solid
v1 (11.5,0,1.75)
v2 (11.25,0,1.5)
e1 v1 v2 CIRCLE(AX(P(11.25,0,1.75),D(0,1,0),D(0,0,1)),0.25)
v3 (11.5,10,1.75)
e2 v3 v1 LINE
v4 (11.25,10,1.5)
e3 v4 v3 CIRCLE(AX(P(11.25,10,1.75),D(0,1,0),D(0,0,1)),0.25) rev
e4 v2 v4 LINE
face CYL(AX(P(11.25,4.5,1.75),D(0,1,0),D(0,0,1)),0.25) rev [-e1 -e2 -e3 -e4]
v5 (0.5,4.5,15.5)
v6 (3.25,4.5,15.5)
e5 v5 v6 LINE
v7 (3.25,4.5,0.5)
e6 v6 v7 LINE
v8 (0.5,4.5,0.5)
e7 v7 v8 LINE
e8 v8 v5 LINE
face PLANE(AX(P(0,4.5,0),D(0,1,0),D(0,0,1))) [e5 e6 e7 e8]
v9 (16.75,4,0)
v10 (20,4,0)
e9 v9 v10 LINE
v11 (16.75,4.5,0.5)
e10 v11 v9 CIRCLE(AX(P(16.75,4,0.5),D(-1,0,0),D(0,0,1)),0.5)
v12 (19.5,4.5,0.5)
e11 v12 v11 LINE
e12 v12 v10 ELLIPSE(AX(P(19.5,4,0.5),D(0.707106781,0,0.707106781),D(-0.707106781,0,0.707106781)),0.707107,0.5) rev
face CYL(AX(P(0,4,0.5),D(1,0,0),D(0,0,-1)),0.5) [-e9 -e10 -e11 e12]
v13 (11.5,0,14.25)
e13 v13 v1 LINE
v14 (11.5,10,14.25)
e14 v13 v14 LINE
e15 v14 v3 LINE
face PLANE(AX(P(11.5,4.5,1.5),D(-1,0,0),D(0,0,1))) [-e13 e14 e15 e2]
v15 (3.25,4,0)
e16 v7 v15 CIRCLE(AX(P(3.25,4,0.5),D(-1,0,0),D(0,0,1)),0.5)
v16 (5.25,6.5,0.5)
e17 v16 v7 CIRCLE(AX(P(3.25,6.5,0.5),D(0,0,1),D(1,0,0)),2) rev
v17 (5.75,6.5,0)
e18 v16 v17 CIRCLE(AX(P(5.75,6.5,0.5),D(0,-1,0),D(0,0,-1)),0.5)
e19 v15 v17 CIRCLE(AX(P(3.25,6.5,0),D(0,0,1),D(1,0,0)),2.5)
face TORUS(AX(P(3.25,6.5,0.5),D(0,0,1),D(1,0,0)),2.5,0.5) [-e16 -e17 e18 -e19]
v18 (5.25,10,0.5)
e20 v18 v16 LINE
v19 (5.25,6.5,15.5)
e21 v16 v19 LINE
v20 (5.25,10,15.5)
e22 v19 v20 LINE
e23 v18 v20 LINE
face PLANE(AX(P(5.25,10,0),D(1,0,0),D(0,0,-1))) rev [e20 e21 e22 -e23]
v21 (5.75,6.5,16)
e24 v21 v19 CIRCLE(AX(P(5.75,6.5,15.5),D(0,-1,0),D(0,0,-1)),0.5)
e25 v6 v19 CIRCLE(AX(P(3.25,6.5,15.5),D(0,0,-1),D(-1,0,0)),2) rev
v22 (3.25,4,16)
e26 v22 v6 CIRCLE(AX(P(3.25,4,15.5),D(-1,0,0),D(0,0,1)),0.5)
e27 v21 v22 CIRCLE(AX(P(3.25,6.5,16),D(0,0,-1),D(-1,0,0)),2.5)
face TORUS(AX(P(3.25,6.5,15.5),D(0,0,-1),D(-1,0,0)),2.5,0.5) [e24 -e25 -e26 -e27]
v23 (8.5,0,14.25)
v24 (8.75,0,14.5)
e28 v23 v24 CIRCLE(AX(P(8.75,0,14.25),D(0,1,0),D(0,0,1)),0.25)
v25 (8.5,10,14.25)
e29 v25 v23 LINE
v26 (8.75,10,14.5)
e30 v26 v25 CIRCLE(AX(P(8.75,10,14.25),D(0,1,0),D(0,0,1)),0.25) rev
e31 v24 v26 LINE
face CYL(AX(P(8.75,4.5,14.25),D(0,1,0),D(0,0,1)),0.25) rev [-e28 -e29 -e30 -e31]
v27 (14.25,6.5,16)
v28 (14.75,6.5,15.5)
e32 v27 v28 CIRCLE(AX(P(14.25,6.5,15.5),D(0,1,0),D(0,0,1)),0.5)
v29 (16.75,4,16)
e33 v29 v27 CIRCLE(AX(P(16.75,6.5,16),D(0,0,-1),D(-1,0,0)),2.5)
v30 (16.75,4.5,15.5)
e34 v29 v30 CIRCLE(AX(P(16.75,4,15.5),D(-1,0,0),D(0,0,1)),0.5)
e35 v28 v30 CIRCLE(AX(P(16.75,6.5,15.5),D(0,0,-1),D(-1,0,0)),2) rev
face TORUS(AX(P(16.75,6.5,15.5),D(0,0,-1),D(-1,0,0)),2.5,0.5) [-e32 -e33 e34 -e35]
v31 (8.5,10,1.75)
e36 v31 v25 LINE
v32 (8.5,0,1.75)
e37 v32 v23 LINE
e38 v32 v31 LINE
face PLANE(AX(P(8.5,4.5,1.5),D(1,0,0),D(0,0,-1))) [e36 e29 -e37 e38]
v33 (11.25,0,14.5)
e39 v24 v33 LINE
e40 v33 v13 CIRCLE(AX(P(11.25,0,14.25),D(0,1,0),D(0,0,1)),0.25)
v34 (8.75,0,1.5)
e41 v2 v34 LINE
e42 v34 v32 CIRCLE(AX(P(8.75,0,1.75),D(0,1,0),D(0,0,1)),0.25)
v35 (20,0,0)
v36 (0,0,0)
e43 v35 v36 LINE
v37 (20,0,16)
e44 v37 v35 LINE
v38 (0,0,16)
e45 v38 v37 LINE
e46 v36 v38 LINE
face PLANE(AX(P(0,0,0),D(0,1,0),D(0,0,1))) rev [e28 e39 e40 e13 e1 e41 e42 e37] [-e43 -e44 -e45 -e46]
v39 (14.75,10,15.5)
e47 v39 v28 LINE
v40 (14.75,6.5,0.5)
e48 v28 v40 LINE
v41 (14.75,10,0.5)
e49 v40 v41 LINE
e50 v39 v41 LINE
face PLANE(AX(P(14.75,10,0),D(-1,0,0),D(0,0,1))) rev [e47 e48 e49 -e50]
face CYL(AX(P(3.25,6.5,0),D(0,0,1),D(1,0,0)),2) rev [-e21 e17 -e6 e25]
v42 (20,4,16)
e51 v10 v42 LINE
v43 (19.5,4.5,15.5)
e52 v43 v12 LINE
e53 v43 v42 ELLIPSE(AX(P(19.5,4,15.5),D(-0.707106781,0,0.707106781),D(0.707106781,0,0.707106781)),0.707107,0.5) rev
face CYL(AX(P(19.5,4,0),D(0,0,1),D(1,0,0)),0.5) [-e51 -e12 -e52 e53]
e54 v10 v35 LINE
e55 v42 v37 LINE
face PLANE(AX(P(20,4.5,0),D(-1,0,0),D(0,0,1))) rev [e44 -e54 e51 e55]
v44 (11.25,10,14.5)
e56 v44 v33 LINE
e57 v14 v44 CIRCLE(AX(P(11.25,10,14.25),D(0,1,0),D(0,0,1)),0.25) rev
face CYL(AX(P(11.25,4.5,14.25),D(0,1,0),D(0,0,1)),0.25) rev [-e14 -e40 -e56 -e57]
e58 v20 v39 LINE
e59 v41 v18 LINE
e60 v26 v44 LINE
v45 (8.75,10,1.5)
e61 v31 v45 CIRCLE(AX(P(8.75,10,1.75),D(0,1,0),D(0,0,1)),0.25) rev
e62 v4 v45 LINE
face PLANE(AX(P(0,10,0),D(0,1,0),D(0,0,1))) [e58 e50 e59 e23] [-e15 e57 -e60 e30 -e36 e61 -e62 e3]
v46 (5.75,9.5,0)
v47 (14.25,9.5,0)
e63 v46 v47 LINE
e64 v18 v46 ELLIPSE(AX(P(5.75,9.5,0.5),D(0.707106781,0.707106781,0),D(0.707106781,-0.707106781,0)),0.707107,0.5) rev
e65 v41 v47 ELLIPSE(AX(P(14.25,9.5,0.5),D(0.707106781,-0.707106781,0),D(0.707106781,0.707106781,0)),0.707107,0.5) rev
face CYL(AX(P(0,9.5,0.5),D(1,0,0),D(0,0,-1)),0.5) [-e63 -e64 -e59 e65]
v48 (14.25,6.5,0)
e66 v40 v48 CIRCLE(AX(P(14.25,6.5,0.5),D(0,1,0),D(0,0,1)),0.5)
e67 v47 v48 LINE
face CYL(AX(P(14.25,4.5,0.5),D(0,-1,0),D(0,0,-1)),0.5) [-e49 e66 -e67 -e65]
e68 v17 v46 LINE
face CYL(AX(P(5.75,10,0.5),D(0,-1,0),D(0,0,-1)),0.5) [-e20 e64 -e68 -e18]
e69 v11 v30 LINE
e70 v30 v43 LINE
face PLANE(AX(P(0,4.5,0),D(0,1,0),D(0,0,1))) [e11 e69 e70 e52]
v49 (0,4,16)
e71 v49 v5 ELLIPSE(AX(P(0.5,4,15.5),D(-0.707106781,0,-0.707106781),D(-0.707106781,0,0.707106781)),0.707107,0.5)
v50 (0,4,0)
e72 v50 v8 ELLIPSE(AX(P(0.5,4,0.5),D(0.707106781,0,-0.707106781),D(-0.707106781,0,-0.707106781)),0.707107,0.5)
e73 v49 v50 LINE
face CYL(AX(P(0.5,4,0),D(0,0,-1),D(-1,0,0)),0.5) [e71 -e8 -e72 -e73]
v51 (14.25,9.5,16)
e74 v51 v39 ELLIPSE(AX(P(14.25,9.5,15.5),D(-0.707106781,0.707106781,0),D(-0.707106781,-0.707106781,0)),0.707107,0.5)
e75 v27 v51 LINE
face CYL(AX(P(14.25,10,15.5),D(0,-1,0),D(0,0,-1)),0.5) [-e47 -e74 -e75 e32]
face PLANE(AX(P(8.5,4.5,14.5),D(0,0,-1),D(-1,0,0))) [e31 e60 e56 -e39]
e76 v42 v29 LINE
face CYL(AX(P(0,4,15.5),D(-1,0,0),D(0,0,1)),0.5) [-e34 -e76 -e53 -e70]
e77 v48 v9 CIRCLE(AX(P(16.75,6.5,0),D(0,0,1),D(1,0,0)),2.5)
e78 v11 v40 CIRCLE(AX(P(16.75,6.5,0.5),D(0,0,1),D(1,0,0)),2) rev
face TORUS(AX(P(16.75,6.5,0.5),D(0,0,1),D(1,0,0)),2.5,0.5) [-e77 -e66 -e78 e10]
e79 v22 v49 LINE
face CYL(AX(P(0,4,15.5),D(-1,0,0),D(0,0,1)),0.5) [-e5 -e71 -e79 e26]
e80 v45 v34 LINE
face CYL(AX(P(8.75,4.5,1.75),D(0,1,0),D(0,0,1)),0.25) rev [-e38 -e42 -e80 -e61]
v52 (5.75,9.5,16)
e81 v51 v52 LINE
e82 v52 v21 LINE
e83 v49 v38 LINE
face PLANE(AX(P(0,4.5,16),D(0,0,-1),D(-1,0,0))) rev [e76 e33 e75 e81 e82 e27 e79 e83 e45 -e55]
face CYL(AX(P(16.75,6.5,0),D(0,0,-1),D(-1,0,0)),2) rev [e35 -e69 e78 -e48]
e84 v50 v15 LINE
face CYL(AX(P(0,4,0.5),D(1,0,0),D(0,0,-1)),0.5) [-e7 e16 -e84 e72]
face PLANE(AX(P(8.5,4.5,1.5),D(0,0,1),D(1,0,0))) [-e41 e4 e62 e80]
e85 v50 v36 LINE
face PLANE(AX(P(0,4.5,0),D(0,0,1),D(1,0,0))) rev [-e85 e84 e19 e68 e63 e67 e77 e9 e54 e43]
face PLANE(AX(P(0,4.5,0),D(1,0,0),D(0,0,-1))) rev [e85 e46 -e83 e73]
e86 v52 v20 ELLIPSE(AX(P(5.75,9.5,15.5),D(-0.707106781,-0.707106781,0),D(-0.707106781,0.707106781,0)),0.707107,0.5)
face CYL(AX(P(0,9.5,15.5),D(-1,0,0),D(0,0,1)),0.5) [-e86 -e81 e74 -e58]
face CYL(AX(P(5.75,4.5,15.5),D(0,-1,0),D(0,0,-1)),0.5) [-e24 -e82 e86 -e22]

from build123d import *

# Parameters (mm, degrees)
SKETCH1_W           = 20
SKETCH1_H           = 16
SKETCH1_W_2         = 3
SKETCH1_H_2         = 13
BOSS_EXTRUDE1_DEPTH = 4.5
SKETCH2_W           = 9.5
SKETCH2_H           = 16
SKETCH2_W_2         = 3
SKETCH2_H_2         = 13
BOSS_EXTRUDE2_DEPTH = 5.5
FILLET1_R           = 2
FILLET2_R           = 0.5
FILLET3_R           = 0.25


with BuildPart() as part:
    # Sketch1 → Boss-Extrude1 (new body)
    with BuildSketch(Plane(origin=(0, 0, 0), x_dir=(1, 0, 0), z_dir=(0, 1, 0))):
        with Locations((10, -8)):
            Rectangle(SKETCH1_W, SKETCH1_H)
        with Locations((10, -8)):
            Rectangle(SKETCH1_W_2, SKETCH1_H_2, mode=Mode.SUBTRACT)
    extrude(amount=BOSS_EXTRUDE1_DEPTH)

    # Sketch2 → Boss-Extrude2 (add)
    with BuildSketch(Plane(origin=(0, 4.5, 0), x_dir=(1, 0, 0), z_dir=(0, 1, 0))):
        with Locations((10, -8)):
            Rectangle(SKETCH2_W, SKETCH2_H)
        with Locations((10, -8)):
            Rectangle(SKETCH2_W_2, SKETCH2_H_2, mode=Mode.SUBTRACT)
    extrude(amount=BOSS_EXTRUDE2_DEPTH)

    # Fillet1
    fillet1_edges = [part.edges().sort_by_distance(p)[0] for p in [
        (5.25, 4.5, 8),
        (14.75, 4.5, 8),
    ]]
    fillet(fillet1_edges, radius=FILLET1_R)

    # Fillet2
    fillet2_edges = [part.edges().sort_by_distance(p)[0] for p in [
        (20, 4.5, 8),
        (18.375, 4.5, 0),
        (10, 10, 16),
        (10, 10, 0),
        (5.25, 8.25, 0),
        (5.25, 8.25, 16),
        (14.75, 8.25, 16),
        (14.75, 8.25, 0),
        (0, 4.5, 8),
        (1.625, 4.5, 0),
        (18.375, 4.5, 16),
        (4.664213562, 5.085786438, 16),
        (4.664213562, 5.085786438, 0),
        (15.335786438, 5.085786438, 0),
        (15.335786438, 5.085786438, 16),
        (1.625, 4.5, 16),
    ]]
    fillet(fillet2_edges, radius=FILLET2_R)

    # Fillet3
    fillet3_edges = [part.edges().sort_by_distance(p)[0] for p in [
        (8.5, 5, 1.5),
        (8.5, 5, 14.5),
        (11.5, 5, 14.5),
        (11.5, 5, 1.5),
    ]]
    fillet(fillet3_edges, radius=FILLET3_R)


solid = part.part
